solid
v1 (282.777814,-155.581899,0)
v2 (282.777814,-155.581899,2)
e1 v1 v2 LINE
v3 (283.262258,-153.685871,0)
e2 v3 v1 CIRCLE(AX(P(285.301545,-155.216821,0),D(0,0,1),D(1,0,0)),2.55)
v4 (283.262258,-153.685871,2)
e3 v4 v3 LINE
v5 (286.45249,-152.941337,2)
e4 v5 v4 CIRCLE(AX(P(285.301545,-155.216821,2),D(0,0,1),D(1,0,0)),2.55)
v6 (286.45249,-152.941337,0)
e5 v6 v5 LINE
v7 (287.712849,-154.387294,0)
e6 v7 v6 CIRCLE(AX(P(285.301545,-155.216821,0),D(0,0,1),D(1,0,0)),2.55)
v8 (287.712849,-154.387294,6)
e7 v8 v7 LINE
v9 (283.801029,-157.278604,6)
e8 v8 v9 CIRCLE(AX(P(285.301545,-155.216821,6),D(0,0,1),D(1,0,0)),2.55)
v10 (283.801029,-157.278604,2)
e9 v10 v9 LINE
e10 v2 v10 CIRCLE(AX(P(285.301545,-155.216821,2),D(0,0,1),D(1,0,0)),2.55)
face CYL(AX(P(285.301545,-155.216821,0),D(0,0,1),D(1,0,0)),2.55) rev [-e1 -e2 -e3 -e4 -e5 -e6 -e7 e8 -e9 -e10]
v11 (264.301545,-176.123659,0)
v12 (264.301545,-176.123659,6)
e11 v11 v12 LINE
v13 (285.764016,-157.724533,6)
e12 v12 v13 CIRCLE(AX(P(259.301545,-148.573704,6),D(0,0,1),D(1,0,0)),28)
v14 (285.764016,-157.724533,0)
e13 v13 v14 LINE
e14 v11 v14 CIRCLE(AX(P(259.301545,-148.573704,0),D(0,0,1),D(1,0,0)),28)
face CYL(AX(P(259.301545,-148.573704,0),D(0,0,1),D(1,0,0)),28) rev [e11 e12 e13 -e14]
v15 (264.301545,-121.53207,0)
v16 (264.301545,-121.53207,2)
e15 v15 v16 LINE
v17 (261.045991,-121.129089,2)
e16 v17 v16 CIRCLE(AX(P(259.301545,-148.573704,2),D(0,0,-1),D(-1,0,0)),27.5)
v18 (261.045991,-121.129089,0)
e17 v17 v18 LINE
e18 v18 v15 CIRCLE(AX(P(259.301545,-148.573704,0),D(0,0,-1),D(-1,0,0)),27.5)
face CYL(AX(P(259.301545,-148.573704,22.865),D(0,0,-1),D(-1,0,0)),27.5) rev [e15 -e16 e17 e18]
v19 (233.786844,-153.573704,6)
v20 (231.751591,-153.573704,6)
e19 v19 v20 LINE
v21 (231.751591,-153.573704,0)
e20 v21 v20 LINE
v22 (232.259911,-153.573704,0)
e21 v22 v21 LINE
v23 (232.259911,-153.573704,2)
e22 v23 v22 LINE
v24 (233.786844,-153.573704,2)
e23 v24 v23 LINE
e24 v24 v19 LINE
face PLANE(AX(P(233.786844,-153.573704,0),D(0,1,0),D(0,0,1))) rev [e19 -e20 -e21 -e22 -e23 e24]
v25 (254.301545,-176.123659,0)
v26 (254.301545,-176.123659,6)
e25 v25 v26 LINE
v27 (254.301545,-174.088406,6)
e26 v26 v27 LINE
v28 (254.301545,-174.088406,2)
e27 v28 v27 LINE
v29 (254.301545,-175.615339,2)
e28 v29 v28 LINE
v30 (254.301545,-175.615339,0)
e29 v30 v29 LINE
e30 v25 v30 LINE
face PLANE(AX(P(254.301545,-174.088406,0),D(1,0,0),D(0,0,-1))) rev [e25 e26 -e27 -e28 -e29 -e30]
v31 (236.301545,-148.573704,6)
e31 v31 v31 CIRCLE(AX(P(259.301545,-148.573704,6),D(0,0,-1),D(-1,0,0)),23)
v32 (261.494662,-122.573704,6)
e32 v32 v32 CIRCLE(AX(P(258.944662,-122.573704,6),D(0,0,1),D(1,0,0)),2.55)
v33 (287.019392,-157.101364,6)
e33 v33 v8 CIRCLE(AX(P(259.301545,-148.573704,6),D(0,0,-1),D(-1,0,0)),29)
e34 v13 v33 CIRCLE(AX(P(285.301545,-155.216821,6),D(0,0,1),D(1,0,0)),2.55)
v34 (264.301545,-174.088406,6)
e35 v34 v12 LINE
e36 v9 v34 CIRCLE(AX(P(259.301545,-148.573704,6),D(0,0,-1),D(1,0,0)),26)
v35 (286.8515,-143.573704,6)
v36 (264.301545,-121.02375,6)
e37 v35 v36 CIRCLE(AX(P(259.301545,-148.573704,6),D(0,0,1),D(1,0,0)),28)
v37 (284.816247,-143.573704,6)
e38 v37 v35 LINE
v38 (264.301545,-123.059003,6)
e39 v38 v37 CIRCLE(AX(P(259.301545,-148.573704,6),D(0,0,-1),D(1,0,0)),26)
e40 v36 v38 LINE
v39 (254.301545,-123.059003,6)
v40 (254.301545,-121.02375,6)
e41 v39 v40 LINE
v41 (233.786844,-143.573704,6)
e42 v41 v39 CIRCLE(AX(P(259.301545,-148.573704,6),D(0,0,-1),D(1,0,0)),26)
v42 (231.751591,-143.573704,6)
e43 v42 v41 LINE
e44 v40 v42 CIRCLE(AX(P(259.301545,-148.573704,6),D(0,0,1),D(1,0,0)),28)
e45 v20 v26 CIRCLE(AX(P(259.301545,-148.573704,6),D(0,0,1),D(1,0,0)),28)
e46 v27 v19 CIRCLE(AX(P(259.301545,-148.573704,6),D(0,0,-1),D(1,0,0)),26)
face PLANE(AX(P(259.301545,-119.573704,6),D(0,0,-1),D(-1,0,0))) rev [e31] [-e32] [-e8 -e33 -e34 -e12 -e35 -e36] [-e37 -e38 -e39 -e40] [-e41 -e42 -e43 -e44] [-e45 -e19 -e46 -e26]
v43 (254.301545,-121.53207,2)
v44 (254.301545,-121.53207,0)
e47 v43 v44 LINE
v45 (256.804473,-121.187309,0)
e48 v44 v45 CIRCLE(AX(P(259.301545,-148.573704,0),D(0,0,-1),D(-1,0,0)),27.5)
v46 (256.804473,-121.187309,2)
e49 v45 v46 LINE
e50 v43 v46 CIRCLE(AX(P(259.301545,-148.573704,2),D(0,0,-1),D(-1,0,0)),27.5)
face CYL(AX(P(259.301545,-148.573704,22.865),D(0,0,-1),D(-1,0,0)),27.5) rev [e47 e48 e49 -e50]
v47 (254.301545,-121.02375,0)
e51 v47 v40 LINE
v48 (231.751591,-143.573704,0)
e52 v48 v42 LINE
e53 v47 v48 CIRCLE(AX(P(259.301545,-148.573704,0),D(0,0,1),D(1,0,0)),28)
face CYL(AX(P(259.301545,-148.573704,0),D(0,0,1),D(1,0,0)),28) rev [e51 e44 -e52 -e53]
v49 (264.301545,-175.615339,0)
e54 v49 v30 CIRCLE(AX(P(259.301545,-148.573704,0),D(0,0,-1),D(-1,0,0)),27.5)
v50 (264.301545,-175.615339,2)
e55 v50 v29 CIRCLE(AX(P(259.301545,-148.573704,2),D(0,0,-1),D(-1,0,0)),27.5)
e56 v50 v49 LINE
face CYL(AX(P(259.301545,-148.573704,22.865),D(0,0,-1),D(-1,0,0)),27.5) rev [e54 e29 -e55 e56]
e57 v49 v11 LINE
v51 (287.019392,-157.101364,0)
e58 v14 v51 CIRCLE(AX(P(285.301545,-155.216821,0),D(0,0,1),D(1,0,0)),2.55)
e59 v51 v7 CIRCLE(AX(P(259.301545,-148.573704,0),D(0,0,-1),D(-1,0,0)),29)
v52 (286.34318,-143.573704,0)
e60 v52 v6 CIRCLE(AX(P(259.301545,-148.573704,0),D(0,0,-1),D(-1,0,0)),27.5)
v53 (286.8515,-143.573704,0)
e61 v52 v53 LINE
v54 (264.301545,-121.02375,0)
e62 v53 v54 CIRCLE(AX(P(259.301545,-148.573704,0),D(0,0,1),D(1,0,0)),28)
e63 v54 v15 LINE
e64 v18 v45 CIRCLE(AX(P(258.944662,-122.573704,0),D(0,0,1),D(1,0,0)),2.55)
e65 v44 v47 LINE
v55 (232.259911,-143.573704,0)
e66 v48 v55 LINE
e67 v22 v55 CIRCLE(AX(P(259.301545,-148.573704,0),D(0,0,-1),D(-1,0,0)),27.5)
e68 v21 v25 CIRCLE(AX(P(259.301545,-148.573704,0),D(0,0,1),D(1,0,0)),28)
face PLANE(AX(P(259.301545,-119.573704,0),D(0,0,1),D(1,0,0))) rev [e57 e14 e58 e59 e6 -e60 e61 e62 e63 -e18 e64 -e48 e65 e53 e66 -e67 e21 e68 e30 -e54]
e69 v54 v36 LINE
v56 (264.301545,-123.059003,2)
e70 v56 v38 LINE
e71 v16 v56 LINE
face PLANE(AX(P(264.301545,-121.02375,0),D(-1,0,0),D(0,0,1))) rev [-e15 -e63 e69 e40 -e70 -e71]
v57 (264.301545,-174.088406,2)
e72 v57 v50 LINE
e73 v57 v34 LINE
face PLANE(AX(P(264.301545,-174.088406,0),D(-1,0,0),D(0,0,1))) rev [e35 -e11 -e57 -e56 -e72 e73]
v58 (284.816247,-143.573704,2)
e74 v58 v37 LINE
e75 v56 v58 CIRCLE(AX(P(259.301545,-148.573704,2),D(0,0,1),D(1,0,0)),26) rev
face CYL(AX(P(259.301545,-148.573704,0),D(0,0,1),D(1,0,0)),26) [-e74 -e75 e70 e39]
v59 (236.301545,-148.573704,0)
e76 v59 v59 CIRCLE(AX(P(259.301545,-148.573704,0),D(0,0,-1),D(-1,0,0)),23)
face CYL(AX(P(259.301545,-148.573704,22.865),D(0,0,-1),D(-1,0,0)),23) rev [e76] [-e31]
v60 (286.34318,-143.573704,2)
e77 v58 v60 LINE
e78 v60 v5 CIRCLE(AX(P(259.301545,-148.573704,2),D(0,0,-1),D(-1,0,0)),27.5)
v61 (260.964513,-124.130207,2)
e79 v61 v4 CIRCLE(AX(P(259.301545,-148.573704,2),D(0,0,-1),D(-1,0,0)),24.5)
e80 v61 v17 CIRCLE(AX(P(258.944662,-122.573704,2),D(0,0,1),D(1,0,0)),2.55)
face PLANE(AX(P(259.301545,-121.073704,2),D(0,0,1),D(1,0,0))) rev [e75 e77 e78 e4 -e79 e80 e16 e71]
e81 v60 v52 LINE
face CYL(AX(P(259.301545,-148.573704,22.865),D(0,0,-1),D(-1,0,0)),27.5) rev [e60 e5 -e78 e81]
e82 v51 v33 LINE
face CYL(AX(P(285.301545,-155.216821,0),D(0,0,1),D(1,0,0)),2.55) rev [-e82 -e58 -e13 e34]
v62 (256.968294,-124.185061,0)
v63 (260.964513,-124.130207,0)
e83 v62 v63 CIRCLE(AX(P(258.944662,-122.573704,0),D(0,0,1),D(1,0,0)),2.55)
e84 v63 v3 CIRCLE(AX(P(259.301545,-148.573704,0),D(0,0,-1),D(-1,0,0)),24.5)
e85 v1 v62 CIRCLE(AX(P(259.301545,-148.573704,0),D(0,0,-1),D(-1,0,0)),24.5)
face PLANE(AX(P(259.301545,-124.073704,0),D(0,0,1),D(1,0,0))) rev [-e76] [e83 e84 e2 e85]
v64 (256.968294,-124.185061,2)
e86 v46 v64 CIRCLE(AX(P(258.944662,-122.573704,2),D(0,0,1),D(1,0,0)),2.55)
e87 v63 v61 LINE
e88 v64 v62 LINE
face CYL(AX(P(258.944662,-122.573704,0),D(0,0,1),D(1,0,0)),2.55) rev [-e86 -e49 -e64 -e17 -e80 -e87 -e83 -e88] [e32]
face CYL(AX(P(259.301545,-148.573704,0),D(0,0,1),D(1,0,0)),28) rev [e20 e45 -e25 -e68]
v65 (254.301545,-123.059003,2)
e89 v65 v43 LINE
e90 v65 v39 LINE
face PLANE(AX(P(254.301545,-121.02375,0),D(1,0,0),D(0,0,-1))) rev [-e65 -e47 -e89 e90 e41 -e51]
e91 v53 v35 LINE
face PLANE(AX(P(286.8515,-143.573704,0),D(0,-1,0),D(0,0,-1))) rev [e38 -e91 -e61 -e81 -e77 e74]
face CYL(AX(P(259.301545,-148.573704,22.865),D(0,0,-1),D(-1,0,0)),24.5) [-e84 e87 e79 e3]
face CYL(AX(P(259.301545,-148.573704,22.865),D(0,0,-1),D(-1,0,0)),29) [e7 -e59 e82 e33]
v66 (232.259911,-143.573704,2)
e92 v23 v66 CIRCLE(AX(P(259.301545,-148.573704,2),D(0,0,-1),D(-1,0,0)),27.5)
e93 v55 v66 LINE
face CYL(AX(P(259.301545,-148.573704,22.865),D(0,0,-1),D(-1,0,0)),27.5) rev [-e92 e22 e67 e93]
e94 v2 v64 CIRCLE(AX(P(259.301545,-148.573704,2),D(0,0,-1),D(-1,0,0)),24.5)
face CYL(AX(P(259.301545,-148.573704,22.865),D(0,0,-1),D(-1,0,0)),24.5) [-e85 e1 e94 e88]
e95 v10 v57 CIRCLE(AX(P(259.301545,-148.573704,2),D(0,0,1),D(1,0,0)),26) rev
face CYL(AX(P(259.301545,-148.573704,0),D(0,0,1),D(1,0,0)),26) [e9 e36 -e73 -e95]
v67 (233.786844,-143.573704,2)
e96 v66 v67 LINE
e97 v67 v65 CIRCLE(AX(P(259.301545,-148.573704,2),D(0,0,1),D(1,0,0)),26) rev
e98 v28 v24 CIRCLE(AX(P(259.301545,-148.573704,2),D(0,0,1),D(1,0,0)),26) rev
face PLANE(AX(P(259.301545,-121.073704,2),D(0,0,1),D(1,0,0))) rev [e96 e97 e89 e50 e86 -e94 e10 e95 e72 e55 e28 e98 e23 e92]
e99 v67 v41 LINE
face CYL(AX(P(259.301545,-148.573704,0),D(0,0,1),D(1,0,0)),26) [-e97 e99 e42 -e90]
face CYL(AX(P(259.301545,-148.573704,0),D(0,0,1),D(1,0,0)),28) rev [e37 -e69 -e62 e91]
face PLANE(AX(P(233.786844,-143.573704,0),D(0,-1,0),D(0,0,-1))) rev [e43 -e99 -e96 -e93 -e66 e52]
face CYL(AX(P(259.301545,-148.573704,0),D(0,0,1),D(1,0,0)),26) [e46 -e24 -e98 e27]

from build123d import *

# Parameters (mm, degrees)
CUT_EXTRUDE1_DEPTH = 7
SKETCH4_R          = 2.55
CUT_EXTRUDE2_DEPTH = 7


with BuildPart() as part:
    # Sketch2 → Revolve1 (revolve)
    with BuildSketch(Plane.ZY.offset(-259.301545348)):
        Polygon((0, -124.073704322), (0, -125.573704322), (6, -125.573704322), (6, -119.573704322), (0, -119.573704322), (0, -121.073704322), (2, -121.073704322), (2, -124.073704322), align=None)
    revolve(axis=Axis((259.301545348, -148.573704322, 22.865), (0, 0, 1)))

    # Sketch3 → Cut-Extrude1 (cut, through all)
    with BuildSketch(Plane.XY.offset(6)):
        with BuildLine():
            Line((254.301545348, -174.088405967), (254.301545348, -176.12365895))
            ThreePointArc((254.301545348, -176.12365895), (239.502555475, -168.372694195), (231.75159072, -153.573704322))
            Line((231.75159072, -153.573704322), (233.786843704, -153.573704322))
            ThreePointArc((233.786843704, -153.573704322), (240.916769037, -166.958480633), (254.301545348, -174.088405967))
        make_face()
        with BuildLine():
            Line((264.301545348, -174.088405967), (264.301545348, -176.12365895))
            ThreePointArc((264.301545348, -176.12365895), (279.100535221, -168.372694195), (286.851499976, -153.573704322))
            Line((286.851499976, -153.573704322), (284.816246992, -153.573704322))
            ThreePointArc((284.816246992, -153.573704322), (277.686321659, -166.958480633), (264.301545348, -174.088405967))
        make_face()
        with BuildLine():
            Line((286.851499976, -143.573704322), (284.816246992, -143.573704322))
            ThreePointArc((284.816246992, -143.573704322), (277.686321659, -130.188928011), (264.301545348, -123.059002678))
            Line((264.301545348, -123.059002678), (264.301545348, -121.023749694))
            ThreePointArc((264.301545348, -121.023749694), (279.100535221, -128.774714449), (286.851499976, -143.573704322))
        make_face()
        with BuildLine():
            Line((254.301545348, -121.023749694), (254.301545348, -123.059002678))
            ThreePointArc((254.301545348, -123.059002678), (240.916769037, -130.188928011), (233.786843704, -143.573704322))
            Line((233.786843704, -143.573704322), (231.75159072, -143.573704322))
            ThreePointArc((231.75159072, -143.573704322), (239.502555475, -128.774714449), (254.301545348, -121.023749694))
        make_face()
    extrude(amount=-CUT_EXTRUDE1_DEPTH, mode=Mode.SUBTRACT)

    # Sketch4 → Cut-Extrude2 (cut, through all)
    with BuildSketch(Plane.XY.offset(6)):
        with Locations((258.944661735, -122.573704322)):
            Circle(SKETCH4_R)
        with Locations((285.301545348, -155.216820709)):
            Circle(SKETCH4_R)
        with Locations((252.658428961, -181.573704322)):
            Circle(SKETCH4_R)
        with Locations((226.301545348, -148.930587935)):
            Circle(SKETCH4_R)
    extrude(amount=-CUT_EXTRUDE2_DEPTH, mode=Mode.SUBTRACT)


solid = part.part
